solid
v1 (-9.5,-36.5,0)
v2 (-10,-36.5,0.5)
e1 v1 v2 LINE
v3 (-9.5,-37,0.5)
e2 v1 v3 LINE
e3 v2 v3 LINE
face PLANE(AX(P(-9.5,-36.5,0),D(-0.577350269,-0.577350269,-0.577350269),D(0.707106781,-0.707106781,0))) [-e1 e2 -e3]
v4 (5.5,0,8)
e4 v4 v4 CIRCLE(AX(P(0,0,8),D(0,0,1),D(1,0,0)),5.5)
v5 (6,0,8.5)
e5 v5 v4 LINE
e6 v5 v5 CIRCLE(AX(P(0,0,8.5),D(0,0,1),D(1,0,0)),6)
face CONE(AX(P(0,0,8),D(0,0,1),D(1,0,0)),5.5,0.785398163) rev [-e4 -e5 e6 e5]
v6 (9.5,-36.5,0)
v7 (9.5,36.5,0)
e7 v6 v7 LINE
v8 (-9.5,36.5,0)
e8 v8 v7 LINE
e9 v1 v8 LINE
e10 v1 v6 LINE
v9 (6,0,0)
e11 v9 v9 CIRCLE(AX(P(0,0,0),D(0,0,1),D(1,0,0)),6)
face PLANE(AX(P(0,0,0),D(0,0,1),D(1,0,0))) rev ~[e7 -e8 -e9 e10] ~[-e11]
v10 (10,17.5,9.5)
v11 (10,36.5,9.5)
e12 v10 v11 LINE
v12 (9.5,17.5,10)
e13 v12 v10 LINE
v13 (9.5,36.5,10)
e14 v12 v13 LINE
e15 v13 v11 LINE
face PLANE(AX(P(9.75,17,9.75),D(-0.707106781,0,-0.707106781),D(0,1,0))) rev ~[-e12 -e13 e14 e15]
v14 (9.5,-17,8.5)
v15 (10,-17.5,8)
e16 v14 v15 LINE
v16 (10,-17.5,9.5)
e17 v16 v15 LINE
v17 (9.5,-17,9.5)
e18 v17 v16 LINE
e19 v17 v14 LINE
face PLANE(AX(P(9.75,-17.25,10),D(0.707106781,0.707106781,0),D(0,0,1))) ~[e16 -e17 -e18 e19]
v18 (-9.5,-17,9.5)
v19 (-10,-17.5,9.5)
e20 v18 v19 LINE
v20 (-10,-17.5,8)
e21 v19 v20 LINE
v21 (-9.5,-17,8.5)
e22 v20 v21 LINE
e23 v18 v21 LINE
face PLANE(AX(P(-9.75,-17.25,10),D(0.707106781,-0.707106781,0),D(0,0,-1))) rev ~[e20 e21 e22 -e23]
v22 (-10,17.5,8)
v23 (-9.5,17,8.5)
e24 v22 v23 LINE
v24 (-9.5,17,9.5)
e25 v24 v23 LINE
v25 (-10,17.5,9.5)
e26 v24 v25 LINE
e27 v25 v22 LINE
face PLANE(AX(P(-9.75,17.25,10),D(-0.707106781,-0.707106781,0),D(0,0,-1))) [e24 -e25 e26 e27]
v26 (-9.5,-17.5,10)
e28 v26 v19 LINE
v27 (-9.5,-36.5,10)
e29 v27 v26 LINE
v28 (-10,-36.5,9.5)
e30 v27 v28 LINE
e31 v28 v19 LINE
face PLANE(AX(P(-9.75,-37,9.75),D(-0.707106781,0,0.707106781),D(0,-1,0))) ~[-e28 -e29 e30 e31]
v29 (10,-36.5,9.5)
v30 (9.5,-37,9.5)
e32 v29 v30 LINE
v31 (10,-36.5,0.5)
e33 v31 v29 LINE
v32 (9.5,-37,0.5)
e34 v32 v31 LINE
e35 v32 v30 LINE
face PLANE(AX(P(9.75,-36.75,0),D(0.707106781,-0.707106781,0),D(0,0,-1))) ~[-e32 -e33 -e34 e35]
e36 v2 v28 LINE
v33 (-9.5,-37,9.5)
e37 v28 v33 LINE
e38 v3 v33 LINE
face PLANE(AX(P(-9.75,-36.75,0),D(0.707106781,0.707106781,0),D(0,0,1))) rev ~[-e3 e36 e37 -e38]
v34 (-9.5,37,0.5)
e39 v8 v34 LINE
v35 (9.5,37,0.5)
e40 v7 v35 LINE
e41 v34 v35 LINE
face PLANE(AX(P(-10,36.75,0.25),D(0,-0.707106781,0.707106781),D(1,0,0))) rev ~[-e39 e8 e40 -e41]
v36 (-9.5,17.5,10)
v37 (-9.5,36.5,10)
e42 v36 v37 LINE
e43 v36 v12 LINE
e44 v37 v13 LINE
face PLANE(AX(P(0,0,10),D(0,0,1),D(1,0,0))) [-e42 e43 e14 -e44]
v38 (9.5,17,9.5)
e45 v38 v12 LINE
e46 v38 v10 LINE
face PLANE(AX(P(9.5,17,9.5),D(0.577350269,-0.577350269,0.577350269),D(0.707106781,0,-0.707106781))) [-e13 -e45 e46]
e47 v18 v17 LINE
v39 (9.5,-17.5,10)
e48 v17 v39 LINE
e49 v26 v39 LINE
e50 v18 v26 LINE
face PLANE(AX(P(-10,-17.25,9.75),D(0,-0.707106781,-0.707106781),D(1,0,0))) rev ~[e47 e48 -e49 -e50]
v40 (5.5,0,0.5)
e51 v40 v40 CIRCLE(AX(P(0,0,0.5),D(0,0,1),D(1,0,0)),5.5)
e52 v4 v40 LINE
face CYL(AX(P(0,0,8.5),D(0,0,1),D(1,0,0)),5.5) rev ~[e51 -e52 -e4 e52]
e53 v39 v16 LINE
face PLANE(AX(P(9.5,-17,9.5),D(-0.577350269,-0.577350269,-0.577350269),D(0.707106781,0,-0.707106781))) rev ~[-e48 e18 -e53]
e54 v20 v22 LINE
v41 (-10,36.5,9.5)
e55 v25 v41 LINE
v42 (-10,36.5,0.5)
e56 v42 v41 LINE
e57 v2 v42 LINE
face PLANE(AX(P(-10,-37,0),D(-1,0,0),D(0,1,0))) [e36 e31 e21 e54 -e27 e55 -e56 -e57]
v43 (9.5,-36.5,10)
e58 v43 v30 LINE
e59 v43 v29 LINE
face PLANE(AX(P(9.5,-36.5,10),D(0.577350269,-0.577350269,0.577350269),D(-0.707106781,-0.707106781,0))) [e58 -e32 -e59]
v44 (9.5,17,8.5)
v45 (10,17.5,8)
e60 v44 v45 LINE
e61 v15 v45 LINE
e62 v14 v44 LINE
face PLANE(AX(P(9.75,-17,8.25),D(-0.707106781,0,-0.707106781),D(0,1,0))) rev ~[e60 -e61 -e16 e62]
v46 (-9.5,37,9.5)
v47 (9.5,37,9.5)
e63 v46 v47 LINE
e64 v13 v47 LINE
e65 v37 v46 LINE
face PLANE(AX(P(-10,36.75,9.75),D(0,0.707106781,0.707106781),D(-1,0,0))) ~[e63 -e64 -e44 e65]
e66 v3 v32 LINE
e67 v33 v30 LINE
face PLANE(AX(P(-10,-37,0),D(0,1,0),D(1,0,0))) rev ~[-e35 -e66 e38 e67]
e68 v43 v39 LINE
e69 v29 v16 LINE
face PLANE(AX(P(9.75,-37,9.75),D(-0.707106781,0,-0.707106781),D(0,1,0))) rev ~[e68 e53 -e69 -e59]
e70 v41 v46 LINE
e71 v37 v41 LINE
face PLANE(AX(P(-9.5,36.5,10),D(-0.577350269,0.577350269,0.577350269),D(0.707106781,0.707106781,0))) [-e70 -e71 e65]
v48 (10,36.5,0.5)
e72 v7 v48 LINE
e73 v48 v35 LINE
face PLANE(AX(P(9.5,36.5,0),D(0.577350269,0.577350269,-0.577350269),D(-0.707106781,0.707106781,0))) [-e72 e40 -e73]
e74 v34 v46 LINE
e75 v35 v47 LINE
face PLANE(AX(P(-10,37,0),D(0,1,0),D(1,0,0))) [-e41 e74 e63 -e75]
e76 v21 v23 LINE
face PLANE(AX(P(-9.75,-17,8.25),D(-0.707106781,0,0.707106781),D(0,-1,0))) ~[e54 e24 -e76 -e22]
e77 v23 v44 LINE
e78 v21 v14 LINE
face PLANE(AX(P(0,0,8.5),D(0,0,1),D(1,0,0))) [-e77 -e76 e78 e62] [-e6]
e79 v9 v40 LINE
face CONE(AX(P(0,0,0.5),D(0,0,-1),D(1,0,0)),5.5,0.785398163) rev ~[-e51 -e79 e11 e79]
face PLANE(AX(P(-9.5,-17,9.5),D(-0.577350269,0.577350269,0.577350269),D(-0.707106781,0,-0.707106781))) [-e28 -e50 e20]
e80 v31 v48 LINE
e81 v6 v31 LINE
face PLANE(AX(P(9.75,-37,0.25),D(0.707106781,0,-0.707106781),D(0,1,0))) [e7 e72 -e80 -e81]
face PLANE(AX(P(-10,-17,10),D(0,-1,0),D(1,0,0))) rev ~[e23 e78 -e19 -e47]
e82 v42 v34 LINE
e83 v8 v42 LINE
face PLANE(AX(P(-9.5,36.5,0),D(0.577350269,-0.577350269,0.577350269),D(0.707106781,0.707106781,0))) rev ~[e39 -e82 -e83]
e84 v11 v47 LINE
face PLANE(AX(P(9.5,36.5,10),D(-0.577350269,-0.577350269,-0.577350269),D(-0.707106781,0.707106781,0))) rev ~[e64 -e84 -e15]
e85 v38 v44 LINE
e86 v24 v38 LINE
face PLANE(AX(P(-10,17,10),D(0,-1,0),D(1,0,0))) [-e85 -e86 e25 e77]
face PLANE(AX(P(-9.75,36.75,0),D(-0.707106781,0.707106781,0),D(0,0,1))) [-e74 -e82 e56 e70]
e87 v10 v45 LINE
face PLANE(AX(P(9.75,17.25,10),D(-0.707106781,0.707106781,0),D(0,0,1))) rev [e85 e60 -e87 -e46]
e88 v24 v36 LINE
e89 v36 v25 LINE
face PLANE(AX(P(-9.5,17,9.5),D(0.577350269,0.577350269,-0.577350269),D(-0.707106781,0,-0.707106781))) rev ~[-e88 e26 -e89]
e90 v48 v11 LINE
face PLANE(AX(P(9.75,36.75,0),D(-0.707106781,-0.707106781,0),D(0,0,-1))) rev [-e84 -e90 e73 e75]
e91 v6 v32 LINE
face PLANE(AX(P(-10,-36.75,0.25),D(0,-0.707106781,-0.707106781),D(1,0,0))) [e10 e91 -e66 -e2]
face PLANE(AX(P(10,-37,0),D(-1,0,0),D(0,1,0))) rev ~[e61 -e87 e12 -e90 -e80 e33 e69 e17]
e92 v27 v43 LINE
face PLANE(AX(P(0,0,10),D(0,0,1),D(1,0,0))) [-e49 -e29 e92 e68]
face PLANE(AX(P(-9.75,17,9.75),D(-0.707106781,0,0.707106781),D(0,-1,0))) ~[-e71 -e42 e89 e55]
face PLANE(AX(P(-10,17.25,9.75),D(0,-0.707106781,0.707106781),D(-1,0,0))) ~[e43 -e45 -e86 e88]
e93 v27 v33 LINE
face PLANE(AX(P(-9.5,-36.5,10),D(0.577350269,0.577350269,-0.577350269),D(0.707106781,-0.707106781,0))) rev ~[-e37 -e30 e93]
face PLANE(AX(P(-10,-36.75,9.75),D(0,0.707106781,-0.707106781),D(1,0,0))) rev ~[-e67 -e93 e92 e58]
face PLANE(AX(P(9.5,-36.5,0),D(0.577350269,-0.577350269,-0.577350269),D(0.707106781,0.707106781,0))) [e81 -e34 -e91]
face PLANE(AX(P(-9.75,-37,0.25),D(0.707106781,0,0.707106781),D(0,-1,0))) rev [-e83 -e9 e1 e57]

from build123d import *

# Parameters (mm, degrees)
F0_W     = 20
F0_H     = 74
F1_DEPTH = 10
F2_W     = 20
F2_H     = 34
F3_DEPTH = 1.5
F4_R     = 5.5
F5_DEPTH = 8.501
F6_SIZE  = 0.5


with BuildPart() as f1:
    # F0 (on Top) → F1 (new body)
    with BuildSketch(Plane.XY):
        Rectangle(F0_W, F0_H)
    extrude(amount=F1_DEPTH)

    # F2 (on face) → F3 (cut)
    with BuildSketch(Plane.XY.offset(10)):
        Rectangle(F2_W, F2_H)
    extrude(amount=-F3_DEPTH, mode=Mode.SUBTRACT)

    # F4 (on face) → F5 (cut, through all)
    with BuildSketch(Plane.XY.offset(8.5)):
        Circle(F4_R)
    extrude(amount=-F5_DEPTH, mode=Mode.SUBTRACT)

    # F6
    f6_edges = [f1.edges().sort_by_distance(p)[0] for p in [
        (-5.5, 0, 8.5),
        (10, -37, 5),
        (-10, -37, 5),
        (10, 37, 5),
        (-10, 37, 5),
        (-10, 0, 0),
        (0, -37, 0),
        (10, 0, 0),
        (0, 37, 0),
        (10, 27, 10),
        (-10, 27, 10),
        (-10, -27, 10),
        (10, -27, 10),
        (10, 0, 8.5),
        (-10, 0, 8.5),
        (0, 37, 10),
        (0, -37, 10),
        (-5.5, 0, 0),
        (0, 17, 10),
        (0, -17, 10),
        (-10, -17, 9.25),
        (-10, 17, 9.25),
        (10, 17, 9.25),
        (10, -17, 9.25),
    ]]
    chamfer(f6_edges, length=F6_SIZE)


solid = f1.part
